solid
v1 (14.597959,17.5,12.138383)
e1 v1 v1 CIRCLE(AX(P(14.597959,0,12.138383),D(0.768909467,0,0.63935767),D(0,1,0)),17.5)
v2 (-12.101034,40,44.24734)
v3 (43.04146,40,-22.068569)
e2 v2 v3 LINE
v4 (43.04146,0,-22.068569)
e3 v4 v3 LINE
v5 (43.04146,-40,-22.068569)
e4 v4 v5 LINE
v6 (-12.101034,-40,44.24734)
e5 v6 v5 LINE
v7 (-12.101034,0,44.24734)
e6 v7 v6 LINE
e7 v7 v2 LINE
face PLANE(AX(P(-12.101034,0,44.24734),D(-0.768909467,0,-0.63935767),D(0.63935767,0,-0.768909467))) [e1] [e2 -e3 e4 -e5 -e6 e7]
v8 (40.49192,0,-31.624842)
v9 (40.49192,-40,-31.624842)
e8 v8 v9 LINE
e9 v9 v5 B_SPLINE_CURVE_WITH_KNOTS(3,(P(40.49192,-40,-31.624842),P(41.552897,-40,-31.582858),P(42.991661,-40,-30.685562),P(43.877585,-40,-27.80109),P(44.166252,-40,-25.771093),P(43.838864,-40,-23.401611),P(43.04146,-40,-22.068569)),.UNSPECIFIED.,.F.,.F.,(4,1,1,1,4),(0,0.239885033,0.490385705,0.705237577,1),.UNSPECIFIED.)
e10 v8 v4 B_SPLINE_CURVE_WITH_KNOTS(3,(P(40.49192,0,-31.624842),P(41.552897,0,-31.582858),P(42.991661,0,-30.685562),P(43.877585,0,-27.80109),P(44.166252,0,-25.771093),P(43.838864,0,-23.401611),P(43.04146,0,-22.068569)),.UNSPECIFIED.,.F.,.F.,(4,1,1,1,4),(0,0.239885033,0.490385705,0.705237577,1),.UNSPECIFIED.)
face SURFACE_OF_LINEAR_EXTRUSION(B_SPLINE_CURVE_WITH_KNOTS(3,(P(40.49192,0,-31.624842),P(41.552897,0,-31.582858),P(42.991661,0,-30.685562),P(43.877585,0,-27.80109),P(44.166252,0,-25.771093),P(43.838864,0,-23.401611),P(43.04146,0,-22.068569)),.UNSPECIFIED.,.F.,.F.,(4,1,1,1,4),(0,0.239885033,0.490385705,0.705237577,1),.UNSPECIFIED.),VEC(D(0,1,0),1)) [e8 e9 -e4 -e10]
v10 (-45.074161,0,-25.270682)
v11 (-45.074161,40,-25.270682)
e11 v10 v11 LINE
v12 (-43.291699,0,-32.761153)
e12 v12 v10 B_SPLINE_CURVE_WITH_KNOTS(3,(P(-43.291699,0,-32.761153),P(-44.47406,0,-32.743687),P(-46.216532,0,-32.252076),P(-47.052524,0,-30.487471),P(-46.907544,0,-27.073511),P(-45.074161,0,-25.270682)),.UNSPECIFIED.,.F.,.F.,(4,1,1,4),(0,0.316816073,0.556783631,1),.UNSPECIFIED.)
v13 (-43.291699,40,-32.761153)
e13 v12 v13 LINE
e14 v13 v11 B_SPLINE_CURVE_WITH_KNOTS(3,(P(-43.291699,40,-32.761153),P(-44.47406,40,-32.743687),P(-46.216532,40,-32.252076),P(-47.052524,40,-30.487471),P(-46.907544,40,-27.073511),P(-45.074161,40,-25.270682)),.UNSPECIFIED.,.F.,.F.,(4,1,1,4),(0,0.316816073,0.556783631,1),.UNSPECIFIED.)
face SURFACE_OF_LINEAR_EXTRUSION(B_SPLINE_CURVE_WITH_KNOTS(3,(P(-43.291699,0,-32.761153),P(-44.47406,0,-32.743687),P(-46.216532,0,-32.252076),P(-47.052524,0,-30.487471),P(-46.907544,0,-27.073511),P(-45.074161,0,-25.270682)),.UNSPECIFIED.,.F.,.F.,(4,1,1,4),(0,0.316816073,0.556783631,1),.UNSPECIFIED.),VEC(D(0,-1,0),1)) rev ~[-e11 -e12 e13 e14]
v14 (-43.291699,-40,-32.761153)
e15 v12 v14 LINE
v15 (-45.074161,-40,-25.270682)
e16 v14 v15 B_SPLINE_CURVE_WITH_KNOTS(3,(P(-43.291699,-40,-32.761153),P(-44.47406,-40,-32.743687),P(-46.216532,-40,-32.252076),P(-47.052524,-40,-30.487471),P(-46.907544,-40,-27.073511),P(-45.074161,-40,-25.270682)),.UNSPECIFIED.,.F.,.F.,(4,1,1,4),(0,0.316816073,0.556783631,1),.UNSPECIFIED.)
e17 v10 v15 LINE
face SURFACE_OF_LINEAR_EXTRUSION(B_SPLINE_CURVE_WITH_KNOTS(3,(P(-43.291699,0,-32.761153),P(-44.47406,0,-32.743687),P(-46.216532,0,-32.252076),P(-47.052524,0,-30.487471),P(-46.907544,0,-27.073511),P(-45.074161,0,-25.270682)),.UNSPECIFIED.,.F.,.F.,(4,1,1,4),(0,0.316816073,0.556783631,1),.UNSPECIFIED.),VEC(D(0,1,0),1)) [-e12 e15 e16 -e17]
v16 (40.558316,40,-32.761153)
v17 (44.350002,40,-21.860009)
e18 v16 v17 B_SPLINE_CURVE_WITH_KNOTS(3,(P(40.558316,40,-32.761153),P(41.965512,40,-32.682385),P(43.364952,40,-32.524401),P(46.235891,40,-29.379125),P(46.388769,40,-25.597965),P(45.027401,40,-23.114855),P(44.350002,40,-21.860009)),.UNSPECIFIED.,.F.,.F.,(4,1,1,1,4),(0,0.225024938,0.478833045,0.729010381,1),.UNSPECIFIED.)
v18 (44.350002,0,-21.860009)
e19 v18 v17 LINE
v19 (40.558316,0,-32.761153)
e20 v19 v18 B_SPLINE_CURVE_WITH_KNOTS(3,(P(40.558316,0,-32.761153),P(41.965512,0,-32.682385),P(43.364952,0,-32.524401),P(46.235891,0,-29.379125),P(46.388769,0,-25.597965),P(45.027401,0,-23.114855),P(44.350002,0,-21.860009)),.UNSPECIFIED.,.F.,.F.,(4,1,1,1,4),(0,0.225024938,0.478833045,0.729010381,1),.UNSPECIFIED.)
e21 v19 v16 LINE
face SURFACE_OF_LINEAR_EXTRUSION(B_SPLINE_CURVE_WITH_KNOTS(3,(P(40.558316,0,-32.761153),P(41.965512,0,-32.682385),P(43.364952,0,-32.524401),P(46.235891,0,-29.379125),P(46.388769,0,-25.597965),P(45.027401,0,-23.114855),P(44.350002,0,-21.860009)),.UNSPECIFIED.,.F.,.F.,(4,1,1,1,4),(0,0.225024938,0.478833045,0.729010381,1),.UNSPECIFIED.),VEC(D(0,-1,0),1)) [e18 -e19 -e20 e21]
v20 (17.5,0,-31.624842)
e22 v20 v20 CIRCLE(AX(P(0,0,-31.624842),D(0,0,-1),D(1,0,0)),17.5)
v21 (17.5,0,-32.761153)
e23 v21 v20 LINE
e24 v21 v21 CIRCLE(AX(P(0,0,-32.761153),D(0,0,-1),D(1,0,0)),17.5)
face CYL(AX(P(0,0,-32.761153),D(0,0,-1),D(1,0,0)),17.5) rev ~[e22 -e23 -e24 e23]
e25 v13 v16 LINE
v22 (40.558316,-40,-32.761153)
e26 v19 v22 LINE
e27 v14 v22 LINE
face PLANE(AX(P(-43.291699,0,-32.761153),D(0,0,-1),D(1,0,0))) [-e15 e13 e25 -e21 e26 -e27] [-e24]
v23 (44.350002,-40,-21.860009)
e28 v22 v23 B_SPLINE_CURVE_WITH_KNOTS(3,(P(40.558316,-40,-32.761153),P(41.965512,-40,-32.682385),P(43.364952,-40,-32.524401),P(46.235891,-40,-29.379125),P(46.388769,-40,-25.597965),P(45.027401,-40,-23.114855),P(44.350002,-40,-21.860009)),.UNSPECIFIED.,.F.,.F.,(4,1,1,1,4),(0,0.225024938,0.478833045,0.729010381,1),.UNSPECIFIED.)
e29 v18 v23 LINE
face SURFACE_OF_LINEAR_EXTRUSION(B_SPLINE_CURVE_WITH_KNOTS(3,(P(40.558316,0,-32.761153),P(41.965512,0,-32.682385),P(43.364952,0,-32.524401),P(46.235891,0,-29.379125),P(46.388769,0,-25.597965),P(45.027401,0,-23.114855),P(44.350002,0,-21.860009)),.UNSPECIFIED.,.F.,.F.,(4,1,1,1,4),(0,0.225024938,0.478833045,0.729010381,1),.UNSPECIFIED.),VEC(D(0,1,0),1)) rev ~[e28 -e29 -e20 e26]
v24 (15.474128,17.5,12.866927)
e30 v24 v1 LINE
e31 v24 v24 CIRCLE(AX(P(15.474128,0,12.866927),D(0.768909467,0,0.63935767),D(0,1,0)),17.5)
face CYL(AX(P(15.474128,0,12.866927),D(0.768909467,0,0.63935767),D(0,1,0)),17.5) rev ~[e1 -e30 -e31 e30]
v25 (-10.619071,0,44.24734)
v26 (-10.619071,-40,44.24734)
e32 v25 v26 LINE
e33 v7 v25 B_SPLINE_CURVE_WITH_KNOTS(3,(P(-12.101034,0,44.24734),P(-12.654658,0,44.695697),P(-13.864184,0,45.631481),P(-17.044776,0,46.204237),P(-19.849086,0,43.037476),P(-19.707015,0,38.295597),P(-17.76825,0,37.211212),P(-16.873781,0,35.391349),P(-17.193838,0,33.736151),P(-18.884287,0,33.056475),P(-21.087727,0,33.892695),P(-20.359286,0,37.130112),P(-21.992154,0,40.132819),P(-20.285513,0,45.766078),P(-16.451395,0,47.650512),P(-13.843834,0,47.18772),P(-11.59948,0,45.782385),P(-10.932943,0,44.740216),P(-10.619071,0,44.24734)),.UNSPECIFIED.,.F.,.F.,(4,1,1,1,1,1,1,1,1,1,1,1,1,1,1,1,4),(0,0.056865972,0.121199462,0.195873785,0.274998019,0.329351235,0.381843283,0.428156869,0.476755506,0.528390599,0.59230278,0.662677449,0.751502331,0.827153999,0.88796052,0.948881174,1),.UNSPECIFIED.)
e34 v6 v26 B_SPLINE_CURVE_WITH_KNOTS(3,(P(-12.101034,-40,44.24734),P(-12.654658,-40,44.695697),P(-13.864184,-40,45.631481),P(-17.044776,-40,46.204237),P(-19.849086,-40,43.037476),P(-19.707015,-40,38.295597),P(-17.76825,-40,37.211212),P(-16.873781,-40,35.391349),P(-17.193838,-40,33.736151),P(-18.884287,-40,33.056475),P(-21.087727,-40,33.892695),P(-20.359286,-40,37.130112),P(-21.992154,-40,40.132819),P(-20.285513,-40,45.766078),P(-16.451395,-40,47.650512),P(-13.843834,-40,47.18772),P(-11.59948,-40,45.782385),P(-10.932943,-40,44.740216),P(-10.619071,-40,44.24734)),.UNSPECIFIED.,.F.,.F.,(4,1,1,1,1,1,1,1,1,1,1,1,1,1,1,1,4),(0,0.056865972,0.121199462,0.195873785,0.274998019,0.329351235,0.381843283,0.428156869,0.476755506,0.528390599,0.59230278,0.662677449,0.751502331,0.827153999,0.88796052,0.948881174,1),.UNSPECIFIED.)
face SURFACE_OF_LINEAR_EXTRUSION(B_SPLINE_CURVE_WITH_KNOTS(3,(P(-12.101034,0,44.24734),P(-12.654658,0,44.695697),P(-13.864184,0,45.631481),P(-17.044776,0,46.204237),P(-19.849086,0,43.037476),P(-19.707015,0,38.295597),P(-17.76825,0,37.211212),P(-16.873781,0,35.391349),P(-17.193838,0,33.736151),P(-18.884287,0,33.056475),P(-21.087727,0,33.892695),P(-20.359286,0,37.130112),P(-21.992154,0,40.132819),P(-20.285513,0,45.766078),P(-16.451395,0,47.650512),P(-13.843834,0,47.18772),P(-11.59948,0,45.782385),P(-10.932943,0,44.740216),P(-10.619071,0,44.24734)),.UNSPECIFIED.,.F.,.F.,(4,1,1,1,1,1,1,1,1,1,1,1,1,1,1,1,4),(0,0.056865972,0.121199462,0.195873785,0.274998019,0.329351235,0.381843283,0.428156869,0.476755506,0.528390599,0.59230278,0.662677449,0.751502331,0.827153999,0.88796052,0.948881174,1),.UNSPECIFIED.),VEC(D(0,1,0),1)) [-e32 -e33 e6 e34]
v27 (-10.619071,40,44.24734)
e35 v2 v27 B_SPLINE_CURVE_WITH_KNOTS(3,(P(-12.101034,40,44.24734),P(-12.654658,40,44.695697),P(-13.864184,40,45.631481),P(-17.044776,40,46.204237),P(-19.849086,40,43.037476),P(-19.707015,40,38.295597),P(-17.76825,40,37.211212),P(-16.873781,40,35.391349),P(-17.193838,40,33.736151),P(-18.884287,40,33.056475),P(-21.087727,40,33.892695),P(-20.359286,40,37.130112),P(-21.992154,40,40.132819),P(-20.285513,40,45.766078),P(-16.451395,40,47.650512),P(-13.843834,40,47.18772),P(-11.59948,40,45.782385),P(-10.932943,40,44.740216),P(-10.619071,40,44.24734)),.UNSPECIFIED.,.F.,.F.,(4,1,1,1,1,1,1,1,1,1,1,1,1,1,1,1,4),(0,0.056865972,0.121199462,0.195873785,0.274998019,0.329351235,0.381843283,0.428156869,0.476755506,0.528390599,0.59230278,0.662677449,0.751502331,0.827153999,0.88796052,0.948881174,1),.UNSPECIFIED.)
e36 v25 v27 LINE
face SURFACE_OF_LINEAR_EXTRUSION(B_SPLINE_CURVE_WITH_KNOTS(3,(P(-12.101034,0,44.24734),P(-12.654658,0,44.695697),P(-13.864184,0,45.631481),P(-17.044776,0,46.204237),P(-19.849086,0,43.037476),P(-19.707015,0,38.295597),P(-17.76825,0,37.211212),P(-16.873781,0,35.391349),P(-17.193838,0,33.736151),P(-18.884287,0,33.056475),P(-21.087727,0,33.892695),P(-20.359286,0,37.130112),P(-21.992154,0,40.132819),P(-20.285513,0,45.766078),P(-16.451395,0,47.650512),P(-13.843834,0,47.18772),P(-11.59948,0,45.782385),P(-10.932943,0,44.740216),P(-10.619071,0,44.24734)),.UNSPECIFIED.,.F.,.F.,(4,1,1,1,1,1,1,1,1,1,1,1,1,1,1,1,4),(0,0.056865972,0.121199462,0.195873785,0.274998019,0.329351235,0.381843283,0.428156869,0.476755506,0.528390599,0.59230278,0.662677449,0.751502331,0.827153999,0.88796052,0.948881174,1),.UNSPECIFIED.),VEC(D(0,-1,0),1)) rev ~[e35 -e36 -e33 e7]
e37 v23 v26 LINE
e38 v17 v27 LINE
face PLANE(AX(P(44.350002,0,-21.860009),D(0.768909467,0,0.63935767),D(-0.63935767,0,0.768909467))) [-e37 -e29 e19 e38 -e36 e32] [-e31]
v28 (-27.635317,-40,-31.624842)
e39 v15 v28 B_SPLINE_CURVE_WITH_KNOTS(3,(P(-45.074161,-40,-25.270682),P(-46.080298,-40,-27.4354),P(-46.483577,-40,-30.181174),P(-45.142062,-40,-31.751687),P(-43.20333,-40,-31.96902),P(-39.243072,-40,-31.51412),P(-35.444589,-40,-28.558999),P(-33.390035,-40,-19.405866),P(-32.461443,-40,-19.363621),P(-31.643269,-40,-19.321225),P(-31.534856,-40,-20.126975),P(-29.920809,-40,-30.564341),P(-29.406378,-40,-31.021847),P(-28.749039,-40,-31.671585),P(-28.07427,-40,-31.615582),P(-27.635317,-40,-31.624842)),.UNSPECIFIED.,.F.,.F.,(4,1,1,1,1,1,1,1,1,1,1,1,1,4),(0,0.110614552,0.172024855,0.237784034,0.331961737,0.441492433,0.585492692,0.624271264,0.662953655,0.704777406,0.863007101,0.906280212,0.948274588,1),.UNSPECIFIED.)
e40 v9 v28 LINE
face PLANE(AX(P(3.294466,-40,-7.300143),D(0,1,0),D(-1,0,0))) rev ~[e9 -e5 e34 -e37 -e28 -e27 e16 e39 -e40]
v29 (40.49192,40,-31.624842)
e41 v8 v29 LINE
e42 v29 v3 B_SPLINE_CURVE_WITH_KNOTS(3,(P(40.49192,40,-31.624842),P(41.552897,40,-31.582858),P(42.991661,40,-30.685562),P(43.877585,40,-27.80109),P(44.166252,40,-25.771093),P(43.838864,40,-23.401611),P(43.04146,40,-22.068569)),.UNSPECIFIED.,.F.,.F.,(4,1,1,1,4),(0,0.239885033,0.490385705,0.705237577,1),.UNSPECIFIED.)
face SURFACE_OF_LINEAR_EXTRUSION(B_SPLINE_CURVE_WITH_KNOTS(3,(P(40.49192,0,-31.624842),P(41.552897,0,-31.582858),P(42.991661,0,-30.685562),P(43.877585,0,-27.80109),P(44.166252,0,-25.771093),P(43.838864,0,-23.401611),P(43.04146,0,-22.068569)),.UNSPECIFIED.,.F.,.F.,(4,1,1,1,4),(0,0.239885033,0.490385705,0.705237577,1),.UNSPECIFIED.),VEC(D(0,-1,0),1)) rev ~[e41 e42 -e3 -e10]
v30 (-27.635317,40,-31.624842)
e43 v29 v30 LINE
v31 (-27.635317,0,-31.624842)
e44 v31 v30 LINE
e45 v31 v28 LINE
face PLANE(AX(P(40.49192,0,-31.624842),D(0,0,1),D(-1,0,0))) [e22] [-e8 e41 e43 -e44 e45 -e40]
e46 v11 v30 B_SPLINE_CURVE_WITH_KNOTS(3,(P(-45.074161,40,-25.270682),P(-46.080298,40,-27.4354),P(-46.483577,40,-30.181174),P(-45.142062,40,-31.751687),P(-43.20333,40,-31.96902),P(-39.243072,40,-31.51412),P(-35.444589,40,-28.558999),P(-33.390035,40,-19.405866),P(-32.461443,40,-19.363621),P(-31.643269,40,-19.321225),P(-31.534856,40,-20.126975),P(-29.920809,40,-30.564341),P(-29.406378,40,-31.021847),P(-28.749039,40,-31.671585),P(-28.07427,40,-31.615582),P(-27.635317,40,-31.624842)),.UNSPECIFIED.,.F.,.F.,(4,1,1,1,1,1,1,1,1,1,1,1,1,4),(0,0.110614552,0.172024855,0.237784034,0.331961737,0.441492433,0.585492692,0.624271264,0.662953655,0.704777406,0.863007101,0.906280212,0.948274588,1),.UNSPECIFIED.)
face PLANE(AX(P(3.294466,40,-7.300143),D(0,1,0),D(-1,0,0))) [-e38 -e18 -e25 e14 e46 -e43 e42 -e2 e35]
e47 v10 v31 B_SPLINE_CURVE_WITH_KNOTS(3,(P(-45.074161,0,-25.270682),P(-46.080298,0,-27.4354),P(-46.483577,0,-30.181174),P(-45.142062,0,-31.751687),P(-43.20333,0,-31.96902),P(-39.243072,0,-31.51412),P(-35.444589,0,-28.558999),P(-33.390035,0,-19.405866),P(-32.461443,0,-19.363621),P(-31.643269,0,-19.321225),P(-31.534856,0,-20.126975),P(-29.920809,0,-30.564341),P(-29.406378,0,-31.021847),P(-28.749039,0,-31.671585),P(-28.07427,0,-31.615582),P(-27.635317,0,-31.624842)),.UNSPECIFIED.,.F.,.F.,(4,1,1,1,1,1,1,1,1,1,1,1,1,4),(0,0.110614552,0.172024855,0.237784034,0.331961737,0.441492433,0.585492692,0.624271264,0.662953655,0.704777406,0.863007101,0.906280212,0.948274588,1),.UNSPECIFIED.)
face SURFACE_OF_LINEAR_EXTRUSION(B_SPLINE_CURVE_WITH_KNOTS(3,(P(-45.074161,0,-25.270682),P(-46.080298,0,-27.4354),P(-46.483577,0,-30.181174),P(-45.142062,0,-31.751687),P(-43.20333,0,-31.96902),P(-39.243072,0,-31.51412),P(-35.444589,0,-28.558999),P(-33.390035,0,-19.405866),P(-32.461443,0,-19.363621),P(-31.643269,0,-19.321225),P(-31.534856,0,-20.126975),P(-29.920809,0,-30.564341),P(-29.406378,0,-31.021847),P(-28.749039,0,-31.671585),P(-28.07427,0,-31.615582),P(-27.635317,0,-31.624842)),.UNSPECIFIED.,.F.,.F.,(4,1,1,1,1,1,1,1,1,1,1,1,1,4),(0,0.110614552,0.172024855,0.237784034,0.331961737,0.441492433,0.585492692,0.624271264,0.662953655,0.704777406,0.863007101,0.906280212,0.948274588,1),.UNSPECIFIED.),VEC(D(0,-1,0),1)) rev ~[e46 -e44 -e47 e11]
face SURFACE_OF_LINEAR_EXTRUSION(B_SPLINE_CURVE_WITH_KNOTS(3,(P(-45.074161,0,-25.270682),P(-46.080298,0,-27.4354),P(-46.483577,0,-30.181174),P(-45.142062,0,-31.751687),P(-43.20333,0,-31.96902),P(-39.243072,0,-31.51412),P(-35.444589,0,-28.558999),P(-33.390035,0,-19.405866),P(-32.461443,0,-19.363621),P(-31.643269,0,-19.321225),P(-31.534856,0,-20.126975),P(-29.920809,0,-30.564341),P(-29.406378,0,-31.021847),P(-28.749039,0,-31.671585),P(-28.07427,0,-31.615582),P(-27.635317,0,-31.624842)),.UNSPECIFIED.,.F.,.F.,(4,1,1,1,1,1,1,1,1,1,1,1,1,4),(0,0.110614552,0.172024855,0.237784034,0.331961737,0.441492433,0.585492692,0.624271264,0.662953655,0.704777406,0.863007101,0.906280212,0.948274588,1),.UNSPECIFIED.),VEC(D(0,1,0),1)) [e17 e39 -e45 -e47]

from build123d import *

# Parameters (mm, degrees)
F1_DEPTH = 40
F2_R     = 17.5
F3_DEPTH = 10
F5_R     = 17.5
F6_DEPTH = 10


with BuildPart() as f1:
    # F0 (on Front) → F1 (new body, symmetric)
    with BuildSketch(Plane.XZ):
        with BuildLine():
            add(Edge.make_bspline(
                [(-43.2916991413, -32.7611528337), (-44.4740597473, -32.7436870988), (-46.2165319651, -32.252076488), (-47.0525238129, -30.487470623), (-46.9075435069, -27.0735107931), (-45.0741611421, -25.2706818283)],
                knots=[0, 0, 0, 0, 0.3168160732, 0.556783631, 1, 1, 1, 1], degree=3))
            Line((-43.2916991413, -32.7611528337), (40.5583158135, -32.7611528337))
            add(Edge.make_bspline(
                [(40.5583158135, -32.7611528337), (41.9655124893, -32.6823848081), (43.3649520604, -32.5244012478), (46.2358905908, -29.3791253126), (46.3887688408, -25.5979647802), (45.0274009919, -23.1148552905), (44.350001961, -21.8600090593)],
                knots=[0, 0, 0, 0, 0.225024938, 0.478833045, 0.729010381, 1, 1, 1, 1], degree=3))
            Line((44.350001961, -21.8600090593), (-10.619071441, 44.2473404109))
            add(Edge.make_bspline(
                [(-12.1010337025, 44.2473404109), (-12.654658493, 44.6956969588), (-13.8641844817, 45.6314812025), (-17.0447764432, 46.204237272), (-19.8490859305, 43.0374762439), (-19.7070146452, 38.2955967767), (-17.7682495652, 37.2112124789), (-16.8737808772, 35.3913485847), (-17.1938383829, 33.736151042), (-18.8842866435, 33.0564749747), (-21.0877270279, 33.8926949975), (-20.3592856644, 37.1301118105), (-21.9921535552, 40.132818764), (-20.2855128697, 45.7660776385), (-16.451394535, 47.6505124845), (-13.8438336088, 47.1877203142), (-11.599480041, 45.7823848732), (-10.9329428338, 44.7402164909), (-10.619071441, 44.2473404109)],
                knots=[0, 0, 0, 0, 0.0568659718, 0.1211994624, 0.1958737853, 0.2749980186, 0.3293512346, 0.3818432828, 0.4281568687, 0.4767555063, 0.5283905985, 0.5923027798, 0.6626774486, 0.7515023307, 0.8271539991, 0.8879605205, 0.9488811745, 1, 1, 1, 1], degree=3))
            Line((-12.1010337025, 44.2473404109), (43.041460216, -22.0685694367))
            add(Edge.make_bspline(
                [(40.4919199646, -31.6248424351), (41.5528967903, -31.5828576152), (42.9916606975, -30.6855620241), (43.8775849699, -27.8010896922), (44.1662522685, -25.7710925851), (43.8388637366, -23.4016113904), (43.041460216, -22.0685694367)],
                knots=[0, 0, 0, 0, 0.239885033, 0.4903857055, 0.7052375769, 1, 1, 1, 1], degree=3))
            Line((40.4919199646, -31.6248424351), (-27.6353172958, -31.6248424351))
            add(Edge.make_bspline(
                [(-45.0741611421, -25.2706818283), (-46.0802981399, -27.4354002183), (-46.4835768858, -30.181173772), (-45.1420623531, -31.7516868751), (-43.2033303558, -31.9690204773), (-39.243072429, -31.5141200566), (-35.4445893698, -28.5589993371), (-33.3900352523, -19.4058663897), (-32.4614431464, -19.3636213853), (-31.6432691492, -19.3212250439), (-31.5348558762, -20.1269745319), (-29.9208088916, -30.5643408459), (-29.4063781594, -31.0218470783), (-28.7490390087, -31.6715848444), (-28.0742699103, -31.6155824545), (-27.6353172958, -31.6248424351)],
                knots=[0, 0, 0, 0, 0.1106145517, 0.1720248553, 0.2377840339, 0.3319617372, 0.441492433, 0.5854926921, 0.6242712643, 0.6629536547, 0.7047774055, 0.8630071011, 0.9062802123, 0.9482745881, 1, 1, 1, 1], degree=3))
        make_face()
    extrude(amount=F1_DEPTH, both=True)


with BuildPart() as f3:
    # F2 (on face) → F3 (new body)
    with BuildSketch(Plane(origin=(15.4741276626, 0, 12.8669272953), x_dir=(0, 1, 0), z_dir=(0.7689094675, 0, 0.6393576705))):
        Circle(F2_R)
    extrude(amount=-F3_DEPTH)


with BuildPart() as f1_1:
    add(f1.part)

    # F4: cut F3
    add(f3.part, mode=Mode.SUBTRACT)


with BuildPart() as f6:
    # F5 (on face) → F6 (new body)
    with BuildSketch(Plane(origin=(0, 0, -32.7611528337), x_dir=(1, 0, 0), z_dir=(0, 0, -1))):
        Circle(F5_R)
    extrude(amount=-F6_DEPTH)


with BuildPart() as f1_2:
    add(f1_1.part)

    # F7: cut F6
    add(f6.part, mode=Mode.SUBTRACT)


solid = f1_2.part
